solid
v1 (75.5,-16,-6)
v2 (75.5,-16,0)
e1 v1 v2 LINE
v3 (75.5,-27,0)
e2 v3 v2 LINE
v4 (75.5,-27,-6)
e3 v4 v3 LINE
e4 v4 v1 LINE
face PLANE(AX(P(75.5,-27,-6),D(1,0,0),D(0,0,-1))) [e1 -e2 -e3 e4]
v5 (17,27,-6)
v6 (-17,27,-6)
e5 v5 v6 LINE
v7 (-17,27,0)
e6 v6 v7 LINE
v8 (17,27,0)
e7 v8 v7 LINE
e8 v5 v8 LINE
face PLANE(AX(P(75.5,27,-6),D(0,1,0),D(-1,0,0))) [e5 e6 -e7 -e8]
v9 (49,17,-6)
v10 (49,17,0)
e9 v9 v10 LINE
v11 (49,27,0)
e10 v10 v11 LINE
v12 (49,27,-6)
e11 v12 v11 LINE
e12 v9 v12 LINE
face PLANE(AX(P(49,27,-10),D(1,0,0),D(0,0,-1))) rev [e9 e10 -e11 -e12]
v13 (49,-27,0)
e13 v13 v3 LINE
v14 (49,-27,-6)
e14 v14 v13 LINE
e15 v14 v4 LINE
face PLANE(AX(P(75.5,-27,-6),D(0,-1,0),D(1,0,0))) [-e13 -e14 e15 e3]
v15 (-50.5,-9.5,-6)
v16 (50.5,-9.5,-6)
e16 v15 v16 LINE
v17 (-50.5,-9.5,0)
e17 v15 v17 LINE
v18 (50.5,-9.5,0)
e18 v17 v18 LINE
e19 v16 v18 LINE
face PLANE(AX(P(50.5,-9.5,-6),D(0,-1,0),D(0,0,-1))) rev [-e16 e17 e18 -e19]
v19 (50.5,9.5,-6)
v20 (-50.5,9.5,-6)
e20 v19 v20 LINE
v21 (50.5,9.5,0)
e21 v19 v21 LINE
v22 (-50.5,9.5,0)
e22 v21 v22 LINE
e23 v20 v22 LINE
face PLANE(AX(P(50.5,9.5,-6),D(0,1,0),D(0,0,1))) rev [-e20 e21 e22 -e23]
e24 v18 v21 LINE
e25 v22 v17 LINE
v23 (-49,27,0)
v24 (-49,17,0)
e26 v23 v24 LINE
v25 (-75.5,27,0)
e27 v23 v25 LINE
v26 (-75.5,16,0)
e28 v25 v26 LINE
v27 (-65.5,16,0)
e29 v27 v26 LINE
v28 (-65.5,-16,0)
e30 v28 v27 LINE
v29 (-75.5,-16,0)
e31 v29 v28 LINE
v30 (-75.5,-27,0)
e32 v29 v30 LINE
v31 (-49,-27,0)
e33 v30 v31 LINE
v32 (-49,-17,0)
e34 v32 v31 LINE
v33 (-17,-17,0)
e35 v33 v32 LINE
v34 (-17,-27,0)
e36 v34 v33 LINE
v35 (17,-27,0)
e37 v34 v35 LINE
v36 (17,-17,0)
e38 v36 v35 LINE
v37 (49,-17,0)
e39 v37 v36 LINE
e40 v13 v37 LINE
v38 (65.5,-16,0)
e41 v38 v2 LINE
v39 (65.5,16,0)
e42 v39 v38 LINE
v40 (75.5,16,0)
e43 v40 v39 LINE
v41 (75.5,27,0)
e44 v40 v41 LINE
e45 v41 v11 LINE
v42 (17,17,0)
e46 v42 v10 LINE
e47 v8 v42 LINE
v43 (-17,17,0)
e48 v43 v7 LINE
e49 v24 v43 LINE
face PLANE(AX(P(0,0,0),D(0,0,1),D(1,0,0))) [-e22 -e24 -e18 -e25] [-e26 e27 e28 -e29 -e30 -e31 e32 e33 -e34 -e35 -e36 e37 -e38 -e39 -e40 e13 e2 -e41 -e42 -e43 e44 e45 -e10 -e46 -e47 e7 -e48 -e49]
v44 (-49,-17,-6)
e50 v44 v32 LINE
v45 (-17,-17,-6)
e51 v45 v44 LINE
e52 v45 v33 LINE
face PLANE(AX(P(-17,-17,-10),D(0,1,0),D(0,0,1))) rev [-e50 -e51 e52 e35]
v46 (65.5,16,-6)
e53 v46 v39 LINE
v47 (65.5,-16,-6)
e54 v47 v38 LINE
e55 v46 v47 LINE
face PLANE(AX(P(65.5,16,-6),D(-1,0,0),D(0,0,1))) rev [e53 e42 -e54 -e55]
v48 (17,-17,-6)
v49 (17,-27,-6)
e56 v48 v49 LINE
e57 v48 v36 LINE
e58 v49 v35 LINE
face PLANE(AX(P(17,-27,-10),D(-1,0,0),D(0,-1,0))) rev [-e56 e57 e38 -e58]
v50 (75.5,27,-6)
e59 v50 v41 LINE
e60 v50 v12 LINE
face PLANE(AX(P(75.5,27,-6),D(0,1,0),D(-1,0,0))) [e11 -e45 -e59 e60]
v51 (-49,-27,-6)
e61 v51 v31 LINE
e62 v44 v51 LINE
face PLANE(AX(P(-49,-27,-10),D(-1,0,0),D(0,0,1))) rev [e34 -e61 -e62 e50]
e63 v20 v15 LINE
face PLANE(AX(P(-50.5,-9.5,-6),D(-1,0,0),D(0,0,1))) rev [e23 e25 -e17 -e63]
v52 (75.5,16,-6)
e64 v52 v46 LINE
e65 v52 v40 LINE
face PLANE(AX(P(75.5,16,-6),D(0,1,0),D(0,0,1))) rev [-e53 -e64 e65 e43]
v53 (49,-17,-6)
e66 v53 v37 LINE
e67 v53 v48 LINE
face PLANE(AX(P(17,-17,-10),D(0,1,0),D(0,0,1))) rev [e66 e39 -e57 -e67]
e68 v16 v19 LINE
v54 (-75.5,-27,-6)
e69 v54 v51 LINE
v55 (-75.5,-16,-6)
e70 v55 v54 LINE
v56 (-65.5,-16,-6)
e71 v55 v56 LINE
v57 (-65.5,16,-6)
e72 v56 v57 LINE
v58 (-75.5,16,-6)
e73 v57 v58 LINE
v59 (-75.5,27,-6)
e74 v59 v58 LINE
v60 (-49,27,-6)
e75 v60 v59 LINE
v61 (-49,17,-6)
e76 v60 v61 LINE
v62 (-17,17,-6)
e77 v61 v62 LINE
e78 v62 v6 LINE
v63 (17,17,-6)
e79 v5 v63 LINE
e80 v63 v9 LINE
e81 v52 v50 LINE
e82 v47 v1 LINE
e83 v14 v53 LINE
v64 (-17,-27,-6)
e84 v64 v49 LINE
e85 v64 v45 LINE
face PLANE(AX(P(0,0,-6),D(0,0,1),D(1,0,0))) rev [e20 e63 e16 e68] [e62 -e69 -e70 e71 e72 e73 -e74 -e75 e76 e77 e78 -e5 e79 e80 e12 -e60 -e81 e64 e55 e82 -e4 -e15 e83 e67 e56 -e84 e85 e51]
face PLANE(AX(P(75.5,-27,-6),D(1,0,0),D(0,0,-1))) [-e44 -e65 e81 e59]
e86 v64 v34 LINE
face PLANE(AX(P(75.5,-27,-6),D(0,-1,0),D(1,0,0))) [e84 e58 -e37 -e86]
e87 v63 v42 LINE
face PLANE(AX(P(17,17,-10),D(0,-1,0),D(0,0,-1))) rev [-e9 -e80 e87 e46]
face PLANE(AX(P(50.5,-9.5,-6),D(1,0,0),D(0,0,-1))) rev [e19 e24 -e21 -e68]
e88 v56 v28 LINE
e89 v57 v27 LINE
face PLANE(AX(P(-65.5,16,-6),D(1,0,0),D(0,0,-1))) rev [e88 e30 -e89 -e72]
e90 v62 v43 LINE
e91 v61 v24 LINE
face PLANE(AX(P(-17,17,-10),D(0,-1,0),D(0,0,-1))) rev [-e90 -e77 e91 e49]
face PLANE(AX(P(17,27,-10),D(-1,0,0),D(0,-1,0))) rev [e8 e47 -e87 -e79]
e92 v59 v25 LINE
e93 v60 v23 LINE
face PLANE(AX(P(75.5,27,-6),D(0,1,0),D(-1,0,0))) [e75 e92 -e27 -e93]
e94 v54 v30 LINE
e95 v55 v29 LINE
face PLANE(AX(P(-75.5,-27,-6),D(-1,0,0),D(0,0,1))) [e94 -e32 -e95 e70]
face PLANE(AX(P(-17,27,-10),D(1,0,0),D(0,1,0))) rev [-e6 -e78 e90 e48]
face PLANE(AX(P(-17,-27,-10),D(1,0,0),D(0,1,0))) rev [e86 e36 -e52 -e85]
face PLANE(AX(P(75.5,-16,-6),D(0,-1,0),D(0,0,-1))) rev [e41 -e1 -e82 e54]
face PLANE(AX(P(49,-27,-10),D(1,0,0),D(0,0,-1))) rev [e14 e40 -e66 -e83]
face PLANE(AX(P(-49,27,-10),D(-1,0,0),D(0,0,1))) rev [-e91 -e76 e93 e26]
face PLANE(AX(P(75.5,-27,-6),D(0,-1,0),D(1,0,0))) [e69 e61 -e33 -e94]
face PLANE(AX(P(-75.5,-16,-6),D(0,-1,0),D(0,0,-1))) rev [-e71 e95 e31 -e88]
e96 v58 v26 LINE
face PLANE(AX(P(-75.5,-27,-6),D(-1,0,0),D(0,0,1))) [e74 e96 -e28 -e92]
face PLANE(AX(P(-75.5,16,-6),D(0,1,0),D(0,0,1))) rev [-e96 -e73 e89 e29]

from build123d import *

# Parameters (mm, degrees)
ESQUISSE1_W             = 151
ESQUISSE1_H             = 54
ESQUISSE1_W_2           = 101
ESQUISSE1_H_2           = 19
BOSS_EXTRU_1_DEPTH      = 6
ESQUISSE2_W             = 10
ESQUISSE2_H             = 32
ENL_V_MAT_EXTRU_1_DEPTH = 6
ESQUISSE4_W             = 32
ESQUISSE4_H             = 10
ENL_V_MAT_EXTRU_2_DEPTH = 10


with BuildPart() as part:
    # Esquisse1 → Boss.-Extru.1 (new body)
    with BuildSketch(Plane.XY):
        Rectangle(ESQUISSE1_W, ESQUISSE1_H)
        Rectangle(ESQUISSE1_W_2, ESQUISSE1_H_2, mode=Mode.SUBTRACT)
    extrude(amount=-BOSS_EXTRU_1_DEPTH)

    # Esquisse2 → Enlèv. mat.-Extru.1 (cut)
    with BuildSketch(Plane.XY):
        with Locations((-70.5, 0)):
            Rectangle(ESQUISSE2_W, ESQUISSE2_H)
        with Locations((70.5, 0)):
            Rectangle(ESQUISSE2_W, ESQUISSE2_H)
    extrude(amount=-ENL_V_MAT_EXTRU_1_DEPTH, mode=Mode.SUBTRACT)

    # Esquisse4 → Enlèv. mat.-Extru.2 (cut)
    with BuildSketch(Plane.XY):
        with Locations((33, 22)):
            Rectangle(ESQUISSE4_W, ESQUISSE4_H)
        with Locations((-33, 22)):
            Rectangle(ESQUISSE4_W, ESQUISSE4_H)
        with Locations((-33, -22)):
            Rectangle(ESQUISSE4_W, ESQUISSE4_H)
        with Locations((33, -22)):
            Rectangle(ESQUISSE4_W, ESQUISSE4_H)
    extrude(amount=-ENL_V_MAT_EXTRU_2_DEPTH, mode=Mode.SUBTRACT)


solid = part.part
